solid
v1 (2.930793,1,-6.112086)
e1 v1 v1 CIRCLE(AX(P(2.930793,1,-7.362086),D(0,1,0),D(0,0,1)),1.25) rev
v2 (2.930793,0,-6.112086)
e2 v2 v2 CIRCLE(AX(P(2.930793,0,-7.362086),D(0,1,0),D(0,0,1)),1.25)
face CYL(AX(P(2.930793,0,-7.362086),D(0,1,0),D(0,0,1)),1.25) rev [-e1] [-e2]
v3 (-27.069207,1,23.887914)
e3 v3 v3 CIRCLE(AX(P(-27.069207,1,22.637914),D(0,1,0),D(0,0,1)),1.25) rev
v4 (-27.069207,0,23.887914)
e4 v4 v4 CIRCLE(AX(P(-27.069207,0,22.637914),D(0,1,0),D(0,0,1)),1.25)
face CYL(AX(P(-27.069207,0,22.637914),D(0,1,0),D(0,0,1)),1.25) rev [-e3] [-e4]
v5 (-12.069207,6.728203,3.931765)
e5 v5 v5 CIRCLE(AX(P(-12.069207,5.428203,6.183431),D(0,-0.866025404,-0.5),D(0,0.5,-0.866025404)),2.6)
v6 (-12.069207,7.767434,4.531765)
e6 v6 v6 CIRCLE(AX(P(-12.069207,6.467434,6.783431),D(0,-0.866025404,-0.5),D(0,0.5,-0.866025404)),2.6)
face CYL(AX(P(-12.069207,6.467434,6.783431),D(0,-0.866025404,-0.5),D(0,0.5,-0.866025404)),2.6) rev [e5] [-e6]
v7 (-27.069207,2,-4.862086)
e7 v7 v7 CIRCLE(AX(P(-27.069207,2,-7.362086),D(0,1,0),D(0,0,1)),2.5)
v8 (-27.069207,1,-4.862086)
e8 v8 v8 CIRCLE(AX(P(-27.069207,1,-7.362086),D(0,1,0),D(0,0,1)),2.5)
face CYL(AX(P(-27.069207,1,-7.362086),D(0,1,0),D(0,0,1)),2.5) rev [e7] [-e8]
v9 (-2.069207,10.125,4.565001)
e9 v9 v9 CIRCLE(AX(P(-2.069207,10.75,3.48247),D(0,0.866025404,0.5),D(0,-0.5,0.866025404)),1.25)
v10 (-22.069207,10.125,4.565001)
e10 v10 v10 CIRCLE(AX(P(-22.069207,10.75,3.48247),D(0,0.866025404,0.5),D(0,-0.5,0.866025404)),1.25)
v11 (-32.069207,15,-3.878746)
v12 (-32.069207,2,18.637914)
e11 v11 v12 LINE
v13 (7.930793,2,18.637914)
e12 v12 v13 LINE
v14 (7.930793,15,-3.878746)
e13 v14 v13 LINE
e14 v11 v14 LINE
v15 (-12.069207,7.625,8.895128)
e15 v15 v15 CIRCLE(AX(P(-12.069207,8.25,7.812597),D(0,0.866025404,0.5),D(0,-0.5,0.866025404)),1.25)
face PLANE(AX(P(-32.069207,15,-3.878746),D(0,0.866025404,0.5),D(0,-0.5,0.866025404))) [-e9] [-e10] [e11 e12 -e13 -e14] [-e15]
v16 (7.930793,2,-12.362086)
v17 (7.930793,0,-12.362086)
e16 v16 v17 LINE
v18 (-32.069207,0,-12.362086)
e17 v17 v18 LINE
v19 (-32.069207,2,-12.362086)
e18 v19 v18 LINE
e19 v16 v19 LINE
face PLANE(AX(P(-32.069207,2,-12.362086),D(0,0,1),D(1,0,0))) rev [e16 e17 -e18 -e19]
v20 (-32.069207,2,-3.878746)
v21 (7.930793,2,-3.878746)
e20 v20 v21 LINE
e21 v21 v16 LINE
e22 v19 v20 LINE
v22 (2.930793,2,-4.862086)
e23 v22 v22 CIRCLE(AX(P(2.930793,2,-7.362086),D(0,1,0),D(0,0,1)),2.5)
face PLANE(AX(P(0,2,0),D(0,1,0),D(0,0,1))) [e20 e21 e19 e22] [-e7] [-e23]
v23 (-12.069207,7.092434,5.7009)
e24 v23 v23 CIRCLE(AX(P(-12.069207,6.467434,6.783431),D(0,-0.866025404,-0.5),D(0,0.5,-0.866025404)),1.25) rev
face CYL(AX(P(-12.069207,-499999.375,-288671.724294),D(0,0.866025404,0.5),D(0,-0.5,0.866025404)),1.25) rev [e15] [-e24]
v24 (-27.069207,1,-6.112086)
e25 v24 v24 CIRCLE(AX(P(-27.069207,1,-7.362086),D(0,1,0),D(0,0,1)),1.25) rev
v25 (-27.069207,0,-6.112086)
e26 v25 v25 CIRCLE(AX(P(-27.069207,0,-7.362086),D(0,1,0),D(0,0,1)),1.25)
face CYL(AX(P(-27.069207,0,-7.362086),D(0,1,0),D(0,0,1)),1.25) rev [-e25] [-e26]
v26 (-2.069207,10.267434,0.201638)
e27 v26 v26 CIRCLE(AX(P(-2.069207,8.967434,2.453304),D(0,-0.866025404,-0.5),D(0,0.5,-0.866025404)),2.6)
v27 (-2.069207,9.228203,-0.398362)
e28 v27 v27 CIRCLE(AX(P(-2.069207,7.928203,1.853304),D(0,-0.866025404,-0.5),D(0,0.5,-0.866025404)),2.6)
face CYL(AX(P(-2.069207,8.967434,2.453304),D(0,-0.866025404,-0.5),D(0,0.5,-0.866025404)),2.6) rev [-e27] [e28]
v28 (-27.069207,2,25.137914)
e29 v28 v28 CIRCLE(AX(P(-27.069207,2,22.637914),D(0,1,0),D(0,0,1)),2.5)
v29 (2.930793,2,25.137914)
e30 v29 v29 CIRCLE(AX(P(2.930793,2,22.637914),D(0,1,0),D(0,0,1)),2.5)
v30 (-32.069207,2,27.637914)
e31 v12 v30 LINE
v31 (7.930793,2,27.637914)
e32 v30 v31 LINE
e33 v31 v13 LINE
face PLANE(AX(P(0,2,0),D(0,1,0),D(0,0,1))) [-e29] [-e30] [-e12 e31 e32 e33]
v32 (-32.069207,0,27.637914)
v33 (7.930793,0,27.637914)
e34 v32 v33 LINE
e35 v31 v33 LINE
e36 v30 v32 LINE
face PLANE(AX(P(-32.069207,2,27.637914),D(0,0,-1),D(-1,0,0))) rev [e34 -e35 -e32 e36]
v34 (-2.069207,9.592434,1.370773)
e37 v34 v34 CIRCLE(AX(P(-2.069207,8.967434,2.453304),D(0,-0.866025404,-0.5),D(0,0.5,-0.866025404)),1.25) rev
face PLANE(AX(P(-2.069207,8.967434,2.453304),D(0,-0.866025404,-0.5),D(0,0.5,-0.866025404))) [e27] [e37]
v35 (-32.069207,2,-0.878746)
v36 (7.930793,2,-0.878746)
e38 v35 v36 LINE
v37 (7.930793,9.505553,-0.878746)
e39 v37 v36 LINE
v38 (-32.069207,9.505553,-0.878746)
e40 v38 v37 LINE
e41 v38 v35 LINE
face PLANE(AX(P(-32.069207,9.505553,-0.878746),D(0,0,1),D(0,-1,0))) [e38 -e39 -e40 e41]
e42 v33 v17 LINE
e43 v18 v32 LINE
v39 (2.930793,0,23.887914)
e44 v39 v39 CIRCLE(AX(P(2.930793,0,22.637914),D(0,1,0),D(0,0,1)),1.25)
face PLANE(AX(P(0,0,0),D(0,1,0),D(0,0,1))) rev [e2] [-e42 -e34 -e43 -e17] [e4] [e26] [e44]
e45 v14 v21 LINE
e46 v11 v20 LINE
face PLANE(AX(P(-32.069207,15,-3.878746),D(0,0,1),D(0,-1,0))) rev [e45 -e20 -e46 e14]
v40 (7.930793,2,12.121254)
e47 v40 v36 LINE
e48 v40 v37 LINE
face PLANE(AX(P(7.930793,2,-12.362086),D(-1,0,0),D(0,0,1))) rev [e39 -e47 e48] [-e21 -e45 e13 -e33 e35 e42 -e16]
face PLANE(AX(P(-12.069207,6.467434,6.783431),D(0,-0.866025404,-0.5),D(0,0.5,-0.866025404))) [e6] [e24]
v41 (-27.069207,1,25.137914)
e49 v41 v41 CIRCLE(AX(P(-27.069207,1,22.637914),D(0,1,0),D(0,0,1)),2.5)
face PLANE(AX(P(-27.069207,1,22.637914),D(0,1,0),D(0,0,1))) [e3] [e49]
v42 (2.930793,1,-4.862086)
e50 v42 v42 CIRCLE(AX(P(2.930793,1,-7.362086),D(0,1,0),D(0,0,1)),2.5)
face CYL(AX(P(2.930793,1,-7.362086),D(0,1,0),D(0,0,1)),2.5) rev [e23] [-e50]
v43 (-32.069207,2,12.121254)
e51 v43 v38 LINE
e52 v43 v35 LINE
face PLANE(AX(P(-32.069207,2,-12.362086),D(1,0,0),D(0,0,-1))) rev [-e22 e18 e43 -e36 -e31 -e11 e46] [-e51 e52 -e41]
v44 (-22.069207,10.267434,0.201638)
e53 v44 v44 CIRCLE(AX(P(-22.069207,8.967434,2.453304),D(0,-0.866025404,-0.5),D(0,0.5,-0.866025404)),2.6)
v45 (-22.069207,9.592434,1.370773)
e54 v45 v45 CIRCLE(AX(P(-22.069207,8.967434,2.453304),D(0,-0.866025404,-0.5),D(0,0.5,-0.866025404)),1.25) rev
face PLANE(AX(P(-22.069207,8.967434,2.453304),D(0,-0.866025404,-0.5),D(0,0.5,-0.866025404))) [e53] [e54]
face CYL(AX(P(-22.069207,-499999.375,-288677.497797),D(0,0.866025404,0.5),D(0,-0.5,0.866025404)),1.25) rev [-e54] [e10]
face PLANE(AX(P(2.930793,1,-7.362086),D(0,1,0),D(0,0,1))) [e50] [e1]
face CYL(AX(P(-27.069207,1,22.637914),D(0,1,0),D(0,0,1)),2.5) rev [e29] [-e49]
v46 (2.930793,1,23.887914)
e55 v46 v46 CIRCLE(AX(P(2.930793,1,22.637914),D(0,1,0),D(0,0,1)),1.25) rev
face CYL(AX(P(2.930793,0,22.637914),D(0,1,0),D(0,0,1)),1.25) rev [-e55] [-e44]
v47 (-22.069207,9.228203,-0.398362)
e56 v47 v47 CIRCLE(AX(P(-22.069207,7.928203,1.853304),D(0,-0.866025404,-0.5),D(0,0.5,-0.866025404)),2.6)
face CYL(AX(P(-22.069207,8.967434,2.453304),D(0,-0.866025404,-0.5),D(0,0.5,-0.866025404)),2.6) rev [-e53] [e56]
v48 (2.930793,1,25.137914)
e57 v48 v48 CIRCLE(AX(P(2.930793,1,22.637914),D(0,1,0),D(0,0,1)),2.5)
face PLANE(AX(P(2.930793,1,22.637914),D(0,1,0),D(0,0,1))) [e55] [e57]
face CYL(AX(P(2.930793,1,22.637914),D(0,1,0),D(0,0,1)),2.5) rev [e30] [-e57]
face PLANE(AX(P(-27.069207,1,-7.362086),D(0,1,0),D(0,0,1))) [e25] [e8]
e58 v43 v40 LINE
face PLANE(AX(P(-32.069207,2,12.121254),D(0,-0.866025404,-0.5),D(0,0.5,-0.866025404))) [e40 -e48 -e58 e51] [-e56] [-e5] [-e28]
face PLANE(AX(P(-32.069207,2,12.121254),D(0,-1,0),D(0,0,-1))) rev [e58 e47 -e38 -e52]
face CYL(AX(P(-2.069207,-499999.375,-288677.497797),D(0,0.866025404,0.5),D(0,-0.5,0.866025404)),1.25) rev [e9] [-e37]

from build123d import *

# Parameters (mm, degrees)
SKETCH1_W           = 40
SKETCH1_H           = 40
BOSS_EXTRUDE1_DEPTH = 2
SKETCH2_R           = 1.25
CUT_EXTRUDE1_DEPTH  = 3
BOSS_EXTRUDE2_DEPTH = 40
SKETCH5_R           = 2.5
CUT_EXTRUDE3_DEPTH  = 1
CUT_EXTRUDE4_DEPTH  = 41
CUT_EXTRUDE5_REACH  = 19.232
SKETCH6_R           = 1.25
SKETCH11_R          = 2.6
CUT_EXTRUDE6_DEPTH  = 1.2


with BuildPart() as part:
    # Sketch1 → Boss-Extrude1 (new body)
    with BuildSketch(Plane(origin=(0, 0, 0), x_dir=(1, 0, 0), z_dir=(0, 1, 0))):
        with Locations((-12.069207341, -7.637914169)):
            Rectangle(SKETCH1_W, SKETCH1_H)
    extrude(amount=BOSS_EXTRUDE1_DEPTH)

    # Sketch2 → Cut-Extrude1 (cut, through all)
    with BuildSketch(Plane(origin=(0, 2, 0), x_dir=(1, 0, 0), z_dir=(0, 1, 0))):
        with Locations((-27.069207341, -22.637914169)):
            Circle(SKETCH2_R)
        with Locations((-27.069207341, 7.362085831)):
            Circle(SKETCH2_R)
        with Locations((2.930792659, 7.362085831)):
            Circle(SKETCH2_R)
        with Locations((2.930792659, -22.637914169)):
            Circle(SKETCH2_R)
    extrude(amount=-CUT_EXTRUDE1_DEPTH, mode=Mode.SUBTRACT)

    # Sketch4 → Boss-Extrude2 (add)
    with BuildSketch(Plane(origin=(7.930792659, 0, 0), x_dir=(0, 0, -1), z_dir=(1, 0, 0))):
        Polygon((-18.637914169, 2), (3.878746329, 2), (3.878746329, 15), align=None)
    extrude(amount=-BOSS_EXTRUDE2_DEPTH)

    # Sketch5 → Cut-Extrude3 (cut)
    with BuildSketch(Plane(origin=(0, 2, 0), x_dir=(1, 0, 0), z_dir=(0, 1, 0))):
        with Locations((2.930792659, 7.362085831)):
            Circle(SKETCH5_R)
        with Locations((2.930792659, -22.637914169)):
            Circle(SKETCH5_R)
        with Locations((37.902040206, 5.850032714)):
            Circle(SKETCH5_R)
        with Locations((-27.069207341, 7.362085831)):
            Circle(SKETCH5_R)
        with Locations((-27.069207341, -22.637914169)):
            Circle(SKETCH5_R)
    extrude(amount=-CUT_EXTRUDE3_DEPTH, mode=Mode.SUBTRACT)

    # Sketch9 → Cut-Extrude4 (cut, through all)
    with BuildSketch(Plane(origin=(7.930792659, 0, 0), x_dir=(0, 0, -1), z_dir=(1, 0, 0))):
        Polygon((-12.121253671, 2), (0.878746329, 2), (0.878746329, 9.505553499), align=None)
    extrude(amount=-CUT_EXTRUDE4_DEPTH, mode=Mode.SUBTRACT)

    # Sketch6 → Cut-Extrude5 (cut, up to next)
    with BuildSketch(Plane(origin=(0, 9.570453572, 5.525503946), x_dir=(1, 0, 0), z_dir=(0, 0.866025404, 0.5)), mode=Mode.PRIVATE) as cut_extrude5_sk1:
        with Locations((-22.069207341, 2.359092856)):
            Circle(SKETCH6_R)
    cut_extrude5_tool1 = extrude(cut_extrude5_sk1.sketch, amount=-CUT_EXTRUDE5_REACH, mode=Mode.PRIVATE) & part.part
    add(cut_extrude5_tool1.solids().sort_by_distance((-22.069207, 10.75, 3.48247))[0], mode=Mode.SUBTRACT)
    # Sketch6 → Cut-Extrude5 (cut, up to next)
    with BuildSketch(Plane(origin=(0, 9.570453572, 5.525503946), x_dir=(1, 0, 0), z_dir=(0, 0.866025404, 0.5)), mode=Mode.PRIVATE) as cut_extrude5_sk2:
        with Locations((-12.069207341, -2.640907144)):
            Circle(SKETCH6_R)
    cut_extrude5_tool2 = extrude(cut_extrude5_sk2.sketch, amount=-CUT_EXTRUDE5_REACH, mode=Mode.PRIVATE) & part.part
    add(cut_extrude5_tool2.solids().sort_by_distance((-12.069207, 8.25, 7.812597))[0], mode=Mode.SUBTRACT)
    # Sketch6 → Cut-Extrude5 (cut, up to next)
    with BuildSketch(Plane(origin=(0, 9.570453572, 5.525503946), x_dir=(1, 0, 0), z_dir=(0, 0.866025404, 0.5)), mode=Mode.PRIVATE) as cut_extrude5_sk3:
        with Locations((-2.069207341, 2.359092856)):
            Circle(SKETCH6_R)
    cut_extrude5_tool3 = extrude(cut_extrude5_sk3.sketch, amount=-CUT_EXTRUDE5_REACH, mode=Mode.PRIVATE) & part.part
    add(cut_extrude5_tool3.solids().sort_by_distance((-2.069207, 10.75, 3.48247))[0], mode=Mode.SUBTRACT)

    # Sketch11 → Cut-Extrude6 (cut)
    with BuildSketch(Plane(origin=(0, 6.748656802, 3.896338821), x_dir=(-1, 0, 0), z_dir=(0, -0.866025404, -0.5))):
        with Locations((2.069207341, 2.359092856)):
            Circle(SKETCH11_R)
        with Locations((22.069207341, 2.359092856)):
            Circle(SKETCH11_R)
        with Locations((12.069207341, -2.640907144)):
            Circle(SKETCH11_R)
    extrude(amount=-CUT_EXTRUDE6_DEPTH, mode=Mode.SUBTRACT)


solid = part.part
